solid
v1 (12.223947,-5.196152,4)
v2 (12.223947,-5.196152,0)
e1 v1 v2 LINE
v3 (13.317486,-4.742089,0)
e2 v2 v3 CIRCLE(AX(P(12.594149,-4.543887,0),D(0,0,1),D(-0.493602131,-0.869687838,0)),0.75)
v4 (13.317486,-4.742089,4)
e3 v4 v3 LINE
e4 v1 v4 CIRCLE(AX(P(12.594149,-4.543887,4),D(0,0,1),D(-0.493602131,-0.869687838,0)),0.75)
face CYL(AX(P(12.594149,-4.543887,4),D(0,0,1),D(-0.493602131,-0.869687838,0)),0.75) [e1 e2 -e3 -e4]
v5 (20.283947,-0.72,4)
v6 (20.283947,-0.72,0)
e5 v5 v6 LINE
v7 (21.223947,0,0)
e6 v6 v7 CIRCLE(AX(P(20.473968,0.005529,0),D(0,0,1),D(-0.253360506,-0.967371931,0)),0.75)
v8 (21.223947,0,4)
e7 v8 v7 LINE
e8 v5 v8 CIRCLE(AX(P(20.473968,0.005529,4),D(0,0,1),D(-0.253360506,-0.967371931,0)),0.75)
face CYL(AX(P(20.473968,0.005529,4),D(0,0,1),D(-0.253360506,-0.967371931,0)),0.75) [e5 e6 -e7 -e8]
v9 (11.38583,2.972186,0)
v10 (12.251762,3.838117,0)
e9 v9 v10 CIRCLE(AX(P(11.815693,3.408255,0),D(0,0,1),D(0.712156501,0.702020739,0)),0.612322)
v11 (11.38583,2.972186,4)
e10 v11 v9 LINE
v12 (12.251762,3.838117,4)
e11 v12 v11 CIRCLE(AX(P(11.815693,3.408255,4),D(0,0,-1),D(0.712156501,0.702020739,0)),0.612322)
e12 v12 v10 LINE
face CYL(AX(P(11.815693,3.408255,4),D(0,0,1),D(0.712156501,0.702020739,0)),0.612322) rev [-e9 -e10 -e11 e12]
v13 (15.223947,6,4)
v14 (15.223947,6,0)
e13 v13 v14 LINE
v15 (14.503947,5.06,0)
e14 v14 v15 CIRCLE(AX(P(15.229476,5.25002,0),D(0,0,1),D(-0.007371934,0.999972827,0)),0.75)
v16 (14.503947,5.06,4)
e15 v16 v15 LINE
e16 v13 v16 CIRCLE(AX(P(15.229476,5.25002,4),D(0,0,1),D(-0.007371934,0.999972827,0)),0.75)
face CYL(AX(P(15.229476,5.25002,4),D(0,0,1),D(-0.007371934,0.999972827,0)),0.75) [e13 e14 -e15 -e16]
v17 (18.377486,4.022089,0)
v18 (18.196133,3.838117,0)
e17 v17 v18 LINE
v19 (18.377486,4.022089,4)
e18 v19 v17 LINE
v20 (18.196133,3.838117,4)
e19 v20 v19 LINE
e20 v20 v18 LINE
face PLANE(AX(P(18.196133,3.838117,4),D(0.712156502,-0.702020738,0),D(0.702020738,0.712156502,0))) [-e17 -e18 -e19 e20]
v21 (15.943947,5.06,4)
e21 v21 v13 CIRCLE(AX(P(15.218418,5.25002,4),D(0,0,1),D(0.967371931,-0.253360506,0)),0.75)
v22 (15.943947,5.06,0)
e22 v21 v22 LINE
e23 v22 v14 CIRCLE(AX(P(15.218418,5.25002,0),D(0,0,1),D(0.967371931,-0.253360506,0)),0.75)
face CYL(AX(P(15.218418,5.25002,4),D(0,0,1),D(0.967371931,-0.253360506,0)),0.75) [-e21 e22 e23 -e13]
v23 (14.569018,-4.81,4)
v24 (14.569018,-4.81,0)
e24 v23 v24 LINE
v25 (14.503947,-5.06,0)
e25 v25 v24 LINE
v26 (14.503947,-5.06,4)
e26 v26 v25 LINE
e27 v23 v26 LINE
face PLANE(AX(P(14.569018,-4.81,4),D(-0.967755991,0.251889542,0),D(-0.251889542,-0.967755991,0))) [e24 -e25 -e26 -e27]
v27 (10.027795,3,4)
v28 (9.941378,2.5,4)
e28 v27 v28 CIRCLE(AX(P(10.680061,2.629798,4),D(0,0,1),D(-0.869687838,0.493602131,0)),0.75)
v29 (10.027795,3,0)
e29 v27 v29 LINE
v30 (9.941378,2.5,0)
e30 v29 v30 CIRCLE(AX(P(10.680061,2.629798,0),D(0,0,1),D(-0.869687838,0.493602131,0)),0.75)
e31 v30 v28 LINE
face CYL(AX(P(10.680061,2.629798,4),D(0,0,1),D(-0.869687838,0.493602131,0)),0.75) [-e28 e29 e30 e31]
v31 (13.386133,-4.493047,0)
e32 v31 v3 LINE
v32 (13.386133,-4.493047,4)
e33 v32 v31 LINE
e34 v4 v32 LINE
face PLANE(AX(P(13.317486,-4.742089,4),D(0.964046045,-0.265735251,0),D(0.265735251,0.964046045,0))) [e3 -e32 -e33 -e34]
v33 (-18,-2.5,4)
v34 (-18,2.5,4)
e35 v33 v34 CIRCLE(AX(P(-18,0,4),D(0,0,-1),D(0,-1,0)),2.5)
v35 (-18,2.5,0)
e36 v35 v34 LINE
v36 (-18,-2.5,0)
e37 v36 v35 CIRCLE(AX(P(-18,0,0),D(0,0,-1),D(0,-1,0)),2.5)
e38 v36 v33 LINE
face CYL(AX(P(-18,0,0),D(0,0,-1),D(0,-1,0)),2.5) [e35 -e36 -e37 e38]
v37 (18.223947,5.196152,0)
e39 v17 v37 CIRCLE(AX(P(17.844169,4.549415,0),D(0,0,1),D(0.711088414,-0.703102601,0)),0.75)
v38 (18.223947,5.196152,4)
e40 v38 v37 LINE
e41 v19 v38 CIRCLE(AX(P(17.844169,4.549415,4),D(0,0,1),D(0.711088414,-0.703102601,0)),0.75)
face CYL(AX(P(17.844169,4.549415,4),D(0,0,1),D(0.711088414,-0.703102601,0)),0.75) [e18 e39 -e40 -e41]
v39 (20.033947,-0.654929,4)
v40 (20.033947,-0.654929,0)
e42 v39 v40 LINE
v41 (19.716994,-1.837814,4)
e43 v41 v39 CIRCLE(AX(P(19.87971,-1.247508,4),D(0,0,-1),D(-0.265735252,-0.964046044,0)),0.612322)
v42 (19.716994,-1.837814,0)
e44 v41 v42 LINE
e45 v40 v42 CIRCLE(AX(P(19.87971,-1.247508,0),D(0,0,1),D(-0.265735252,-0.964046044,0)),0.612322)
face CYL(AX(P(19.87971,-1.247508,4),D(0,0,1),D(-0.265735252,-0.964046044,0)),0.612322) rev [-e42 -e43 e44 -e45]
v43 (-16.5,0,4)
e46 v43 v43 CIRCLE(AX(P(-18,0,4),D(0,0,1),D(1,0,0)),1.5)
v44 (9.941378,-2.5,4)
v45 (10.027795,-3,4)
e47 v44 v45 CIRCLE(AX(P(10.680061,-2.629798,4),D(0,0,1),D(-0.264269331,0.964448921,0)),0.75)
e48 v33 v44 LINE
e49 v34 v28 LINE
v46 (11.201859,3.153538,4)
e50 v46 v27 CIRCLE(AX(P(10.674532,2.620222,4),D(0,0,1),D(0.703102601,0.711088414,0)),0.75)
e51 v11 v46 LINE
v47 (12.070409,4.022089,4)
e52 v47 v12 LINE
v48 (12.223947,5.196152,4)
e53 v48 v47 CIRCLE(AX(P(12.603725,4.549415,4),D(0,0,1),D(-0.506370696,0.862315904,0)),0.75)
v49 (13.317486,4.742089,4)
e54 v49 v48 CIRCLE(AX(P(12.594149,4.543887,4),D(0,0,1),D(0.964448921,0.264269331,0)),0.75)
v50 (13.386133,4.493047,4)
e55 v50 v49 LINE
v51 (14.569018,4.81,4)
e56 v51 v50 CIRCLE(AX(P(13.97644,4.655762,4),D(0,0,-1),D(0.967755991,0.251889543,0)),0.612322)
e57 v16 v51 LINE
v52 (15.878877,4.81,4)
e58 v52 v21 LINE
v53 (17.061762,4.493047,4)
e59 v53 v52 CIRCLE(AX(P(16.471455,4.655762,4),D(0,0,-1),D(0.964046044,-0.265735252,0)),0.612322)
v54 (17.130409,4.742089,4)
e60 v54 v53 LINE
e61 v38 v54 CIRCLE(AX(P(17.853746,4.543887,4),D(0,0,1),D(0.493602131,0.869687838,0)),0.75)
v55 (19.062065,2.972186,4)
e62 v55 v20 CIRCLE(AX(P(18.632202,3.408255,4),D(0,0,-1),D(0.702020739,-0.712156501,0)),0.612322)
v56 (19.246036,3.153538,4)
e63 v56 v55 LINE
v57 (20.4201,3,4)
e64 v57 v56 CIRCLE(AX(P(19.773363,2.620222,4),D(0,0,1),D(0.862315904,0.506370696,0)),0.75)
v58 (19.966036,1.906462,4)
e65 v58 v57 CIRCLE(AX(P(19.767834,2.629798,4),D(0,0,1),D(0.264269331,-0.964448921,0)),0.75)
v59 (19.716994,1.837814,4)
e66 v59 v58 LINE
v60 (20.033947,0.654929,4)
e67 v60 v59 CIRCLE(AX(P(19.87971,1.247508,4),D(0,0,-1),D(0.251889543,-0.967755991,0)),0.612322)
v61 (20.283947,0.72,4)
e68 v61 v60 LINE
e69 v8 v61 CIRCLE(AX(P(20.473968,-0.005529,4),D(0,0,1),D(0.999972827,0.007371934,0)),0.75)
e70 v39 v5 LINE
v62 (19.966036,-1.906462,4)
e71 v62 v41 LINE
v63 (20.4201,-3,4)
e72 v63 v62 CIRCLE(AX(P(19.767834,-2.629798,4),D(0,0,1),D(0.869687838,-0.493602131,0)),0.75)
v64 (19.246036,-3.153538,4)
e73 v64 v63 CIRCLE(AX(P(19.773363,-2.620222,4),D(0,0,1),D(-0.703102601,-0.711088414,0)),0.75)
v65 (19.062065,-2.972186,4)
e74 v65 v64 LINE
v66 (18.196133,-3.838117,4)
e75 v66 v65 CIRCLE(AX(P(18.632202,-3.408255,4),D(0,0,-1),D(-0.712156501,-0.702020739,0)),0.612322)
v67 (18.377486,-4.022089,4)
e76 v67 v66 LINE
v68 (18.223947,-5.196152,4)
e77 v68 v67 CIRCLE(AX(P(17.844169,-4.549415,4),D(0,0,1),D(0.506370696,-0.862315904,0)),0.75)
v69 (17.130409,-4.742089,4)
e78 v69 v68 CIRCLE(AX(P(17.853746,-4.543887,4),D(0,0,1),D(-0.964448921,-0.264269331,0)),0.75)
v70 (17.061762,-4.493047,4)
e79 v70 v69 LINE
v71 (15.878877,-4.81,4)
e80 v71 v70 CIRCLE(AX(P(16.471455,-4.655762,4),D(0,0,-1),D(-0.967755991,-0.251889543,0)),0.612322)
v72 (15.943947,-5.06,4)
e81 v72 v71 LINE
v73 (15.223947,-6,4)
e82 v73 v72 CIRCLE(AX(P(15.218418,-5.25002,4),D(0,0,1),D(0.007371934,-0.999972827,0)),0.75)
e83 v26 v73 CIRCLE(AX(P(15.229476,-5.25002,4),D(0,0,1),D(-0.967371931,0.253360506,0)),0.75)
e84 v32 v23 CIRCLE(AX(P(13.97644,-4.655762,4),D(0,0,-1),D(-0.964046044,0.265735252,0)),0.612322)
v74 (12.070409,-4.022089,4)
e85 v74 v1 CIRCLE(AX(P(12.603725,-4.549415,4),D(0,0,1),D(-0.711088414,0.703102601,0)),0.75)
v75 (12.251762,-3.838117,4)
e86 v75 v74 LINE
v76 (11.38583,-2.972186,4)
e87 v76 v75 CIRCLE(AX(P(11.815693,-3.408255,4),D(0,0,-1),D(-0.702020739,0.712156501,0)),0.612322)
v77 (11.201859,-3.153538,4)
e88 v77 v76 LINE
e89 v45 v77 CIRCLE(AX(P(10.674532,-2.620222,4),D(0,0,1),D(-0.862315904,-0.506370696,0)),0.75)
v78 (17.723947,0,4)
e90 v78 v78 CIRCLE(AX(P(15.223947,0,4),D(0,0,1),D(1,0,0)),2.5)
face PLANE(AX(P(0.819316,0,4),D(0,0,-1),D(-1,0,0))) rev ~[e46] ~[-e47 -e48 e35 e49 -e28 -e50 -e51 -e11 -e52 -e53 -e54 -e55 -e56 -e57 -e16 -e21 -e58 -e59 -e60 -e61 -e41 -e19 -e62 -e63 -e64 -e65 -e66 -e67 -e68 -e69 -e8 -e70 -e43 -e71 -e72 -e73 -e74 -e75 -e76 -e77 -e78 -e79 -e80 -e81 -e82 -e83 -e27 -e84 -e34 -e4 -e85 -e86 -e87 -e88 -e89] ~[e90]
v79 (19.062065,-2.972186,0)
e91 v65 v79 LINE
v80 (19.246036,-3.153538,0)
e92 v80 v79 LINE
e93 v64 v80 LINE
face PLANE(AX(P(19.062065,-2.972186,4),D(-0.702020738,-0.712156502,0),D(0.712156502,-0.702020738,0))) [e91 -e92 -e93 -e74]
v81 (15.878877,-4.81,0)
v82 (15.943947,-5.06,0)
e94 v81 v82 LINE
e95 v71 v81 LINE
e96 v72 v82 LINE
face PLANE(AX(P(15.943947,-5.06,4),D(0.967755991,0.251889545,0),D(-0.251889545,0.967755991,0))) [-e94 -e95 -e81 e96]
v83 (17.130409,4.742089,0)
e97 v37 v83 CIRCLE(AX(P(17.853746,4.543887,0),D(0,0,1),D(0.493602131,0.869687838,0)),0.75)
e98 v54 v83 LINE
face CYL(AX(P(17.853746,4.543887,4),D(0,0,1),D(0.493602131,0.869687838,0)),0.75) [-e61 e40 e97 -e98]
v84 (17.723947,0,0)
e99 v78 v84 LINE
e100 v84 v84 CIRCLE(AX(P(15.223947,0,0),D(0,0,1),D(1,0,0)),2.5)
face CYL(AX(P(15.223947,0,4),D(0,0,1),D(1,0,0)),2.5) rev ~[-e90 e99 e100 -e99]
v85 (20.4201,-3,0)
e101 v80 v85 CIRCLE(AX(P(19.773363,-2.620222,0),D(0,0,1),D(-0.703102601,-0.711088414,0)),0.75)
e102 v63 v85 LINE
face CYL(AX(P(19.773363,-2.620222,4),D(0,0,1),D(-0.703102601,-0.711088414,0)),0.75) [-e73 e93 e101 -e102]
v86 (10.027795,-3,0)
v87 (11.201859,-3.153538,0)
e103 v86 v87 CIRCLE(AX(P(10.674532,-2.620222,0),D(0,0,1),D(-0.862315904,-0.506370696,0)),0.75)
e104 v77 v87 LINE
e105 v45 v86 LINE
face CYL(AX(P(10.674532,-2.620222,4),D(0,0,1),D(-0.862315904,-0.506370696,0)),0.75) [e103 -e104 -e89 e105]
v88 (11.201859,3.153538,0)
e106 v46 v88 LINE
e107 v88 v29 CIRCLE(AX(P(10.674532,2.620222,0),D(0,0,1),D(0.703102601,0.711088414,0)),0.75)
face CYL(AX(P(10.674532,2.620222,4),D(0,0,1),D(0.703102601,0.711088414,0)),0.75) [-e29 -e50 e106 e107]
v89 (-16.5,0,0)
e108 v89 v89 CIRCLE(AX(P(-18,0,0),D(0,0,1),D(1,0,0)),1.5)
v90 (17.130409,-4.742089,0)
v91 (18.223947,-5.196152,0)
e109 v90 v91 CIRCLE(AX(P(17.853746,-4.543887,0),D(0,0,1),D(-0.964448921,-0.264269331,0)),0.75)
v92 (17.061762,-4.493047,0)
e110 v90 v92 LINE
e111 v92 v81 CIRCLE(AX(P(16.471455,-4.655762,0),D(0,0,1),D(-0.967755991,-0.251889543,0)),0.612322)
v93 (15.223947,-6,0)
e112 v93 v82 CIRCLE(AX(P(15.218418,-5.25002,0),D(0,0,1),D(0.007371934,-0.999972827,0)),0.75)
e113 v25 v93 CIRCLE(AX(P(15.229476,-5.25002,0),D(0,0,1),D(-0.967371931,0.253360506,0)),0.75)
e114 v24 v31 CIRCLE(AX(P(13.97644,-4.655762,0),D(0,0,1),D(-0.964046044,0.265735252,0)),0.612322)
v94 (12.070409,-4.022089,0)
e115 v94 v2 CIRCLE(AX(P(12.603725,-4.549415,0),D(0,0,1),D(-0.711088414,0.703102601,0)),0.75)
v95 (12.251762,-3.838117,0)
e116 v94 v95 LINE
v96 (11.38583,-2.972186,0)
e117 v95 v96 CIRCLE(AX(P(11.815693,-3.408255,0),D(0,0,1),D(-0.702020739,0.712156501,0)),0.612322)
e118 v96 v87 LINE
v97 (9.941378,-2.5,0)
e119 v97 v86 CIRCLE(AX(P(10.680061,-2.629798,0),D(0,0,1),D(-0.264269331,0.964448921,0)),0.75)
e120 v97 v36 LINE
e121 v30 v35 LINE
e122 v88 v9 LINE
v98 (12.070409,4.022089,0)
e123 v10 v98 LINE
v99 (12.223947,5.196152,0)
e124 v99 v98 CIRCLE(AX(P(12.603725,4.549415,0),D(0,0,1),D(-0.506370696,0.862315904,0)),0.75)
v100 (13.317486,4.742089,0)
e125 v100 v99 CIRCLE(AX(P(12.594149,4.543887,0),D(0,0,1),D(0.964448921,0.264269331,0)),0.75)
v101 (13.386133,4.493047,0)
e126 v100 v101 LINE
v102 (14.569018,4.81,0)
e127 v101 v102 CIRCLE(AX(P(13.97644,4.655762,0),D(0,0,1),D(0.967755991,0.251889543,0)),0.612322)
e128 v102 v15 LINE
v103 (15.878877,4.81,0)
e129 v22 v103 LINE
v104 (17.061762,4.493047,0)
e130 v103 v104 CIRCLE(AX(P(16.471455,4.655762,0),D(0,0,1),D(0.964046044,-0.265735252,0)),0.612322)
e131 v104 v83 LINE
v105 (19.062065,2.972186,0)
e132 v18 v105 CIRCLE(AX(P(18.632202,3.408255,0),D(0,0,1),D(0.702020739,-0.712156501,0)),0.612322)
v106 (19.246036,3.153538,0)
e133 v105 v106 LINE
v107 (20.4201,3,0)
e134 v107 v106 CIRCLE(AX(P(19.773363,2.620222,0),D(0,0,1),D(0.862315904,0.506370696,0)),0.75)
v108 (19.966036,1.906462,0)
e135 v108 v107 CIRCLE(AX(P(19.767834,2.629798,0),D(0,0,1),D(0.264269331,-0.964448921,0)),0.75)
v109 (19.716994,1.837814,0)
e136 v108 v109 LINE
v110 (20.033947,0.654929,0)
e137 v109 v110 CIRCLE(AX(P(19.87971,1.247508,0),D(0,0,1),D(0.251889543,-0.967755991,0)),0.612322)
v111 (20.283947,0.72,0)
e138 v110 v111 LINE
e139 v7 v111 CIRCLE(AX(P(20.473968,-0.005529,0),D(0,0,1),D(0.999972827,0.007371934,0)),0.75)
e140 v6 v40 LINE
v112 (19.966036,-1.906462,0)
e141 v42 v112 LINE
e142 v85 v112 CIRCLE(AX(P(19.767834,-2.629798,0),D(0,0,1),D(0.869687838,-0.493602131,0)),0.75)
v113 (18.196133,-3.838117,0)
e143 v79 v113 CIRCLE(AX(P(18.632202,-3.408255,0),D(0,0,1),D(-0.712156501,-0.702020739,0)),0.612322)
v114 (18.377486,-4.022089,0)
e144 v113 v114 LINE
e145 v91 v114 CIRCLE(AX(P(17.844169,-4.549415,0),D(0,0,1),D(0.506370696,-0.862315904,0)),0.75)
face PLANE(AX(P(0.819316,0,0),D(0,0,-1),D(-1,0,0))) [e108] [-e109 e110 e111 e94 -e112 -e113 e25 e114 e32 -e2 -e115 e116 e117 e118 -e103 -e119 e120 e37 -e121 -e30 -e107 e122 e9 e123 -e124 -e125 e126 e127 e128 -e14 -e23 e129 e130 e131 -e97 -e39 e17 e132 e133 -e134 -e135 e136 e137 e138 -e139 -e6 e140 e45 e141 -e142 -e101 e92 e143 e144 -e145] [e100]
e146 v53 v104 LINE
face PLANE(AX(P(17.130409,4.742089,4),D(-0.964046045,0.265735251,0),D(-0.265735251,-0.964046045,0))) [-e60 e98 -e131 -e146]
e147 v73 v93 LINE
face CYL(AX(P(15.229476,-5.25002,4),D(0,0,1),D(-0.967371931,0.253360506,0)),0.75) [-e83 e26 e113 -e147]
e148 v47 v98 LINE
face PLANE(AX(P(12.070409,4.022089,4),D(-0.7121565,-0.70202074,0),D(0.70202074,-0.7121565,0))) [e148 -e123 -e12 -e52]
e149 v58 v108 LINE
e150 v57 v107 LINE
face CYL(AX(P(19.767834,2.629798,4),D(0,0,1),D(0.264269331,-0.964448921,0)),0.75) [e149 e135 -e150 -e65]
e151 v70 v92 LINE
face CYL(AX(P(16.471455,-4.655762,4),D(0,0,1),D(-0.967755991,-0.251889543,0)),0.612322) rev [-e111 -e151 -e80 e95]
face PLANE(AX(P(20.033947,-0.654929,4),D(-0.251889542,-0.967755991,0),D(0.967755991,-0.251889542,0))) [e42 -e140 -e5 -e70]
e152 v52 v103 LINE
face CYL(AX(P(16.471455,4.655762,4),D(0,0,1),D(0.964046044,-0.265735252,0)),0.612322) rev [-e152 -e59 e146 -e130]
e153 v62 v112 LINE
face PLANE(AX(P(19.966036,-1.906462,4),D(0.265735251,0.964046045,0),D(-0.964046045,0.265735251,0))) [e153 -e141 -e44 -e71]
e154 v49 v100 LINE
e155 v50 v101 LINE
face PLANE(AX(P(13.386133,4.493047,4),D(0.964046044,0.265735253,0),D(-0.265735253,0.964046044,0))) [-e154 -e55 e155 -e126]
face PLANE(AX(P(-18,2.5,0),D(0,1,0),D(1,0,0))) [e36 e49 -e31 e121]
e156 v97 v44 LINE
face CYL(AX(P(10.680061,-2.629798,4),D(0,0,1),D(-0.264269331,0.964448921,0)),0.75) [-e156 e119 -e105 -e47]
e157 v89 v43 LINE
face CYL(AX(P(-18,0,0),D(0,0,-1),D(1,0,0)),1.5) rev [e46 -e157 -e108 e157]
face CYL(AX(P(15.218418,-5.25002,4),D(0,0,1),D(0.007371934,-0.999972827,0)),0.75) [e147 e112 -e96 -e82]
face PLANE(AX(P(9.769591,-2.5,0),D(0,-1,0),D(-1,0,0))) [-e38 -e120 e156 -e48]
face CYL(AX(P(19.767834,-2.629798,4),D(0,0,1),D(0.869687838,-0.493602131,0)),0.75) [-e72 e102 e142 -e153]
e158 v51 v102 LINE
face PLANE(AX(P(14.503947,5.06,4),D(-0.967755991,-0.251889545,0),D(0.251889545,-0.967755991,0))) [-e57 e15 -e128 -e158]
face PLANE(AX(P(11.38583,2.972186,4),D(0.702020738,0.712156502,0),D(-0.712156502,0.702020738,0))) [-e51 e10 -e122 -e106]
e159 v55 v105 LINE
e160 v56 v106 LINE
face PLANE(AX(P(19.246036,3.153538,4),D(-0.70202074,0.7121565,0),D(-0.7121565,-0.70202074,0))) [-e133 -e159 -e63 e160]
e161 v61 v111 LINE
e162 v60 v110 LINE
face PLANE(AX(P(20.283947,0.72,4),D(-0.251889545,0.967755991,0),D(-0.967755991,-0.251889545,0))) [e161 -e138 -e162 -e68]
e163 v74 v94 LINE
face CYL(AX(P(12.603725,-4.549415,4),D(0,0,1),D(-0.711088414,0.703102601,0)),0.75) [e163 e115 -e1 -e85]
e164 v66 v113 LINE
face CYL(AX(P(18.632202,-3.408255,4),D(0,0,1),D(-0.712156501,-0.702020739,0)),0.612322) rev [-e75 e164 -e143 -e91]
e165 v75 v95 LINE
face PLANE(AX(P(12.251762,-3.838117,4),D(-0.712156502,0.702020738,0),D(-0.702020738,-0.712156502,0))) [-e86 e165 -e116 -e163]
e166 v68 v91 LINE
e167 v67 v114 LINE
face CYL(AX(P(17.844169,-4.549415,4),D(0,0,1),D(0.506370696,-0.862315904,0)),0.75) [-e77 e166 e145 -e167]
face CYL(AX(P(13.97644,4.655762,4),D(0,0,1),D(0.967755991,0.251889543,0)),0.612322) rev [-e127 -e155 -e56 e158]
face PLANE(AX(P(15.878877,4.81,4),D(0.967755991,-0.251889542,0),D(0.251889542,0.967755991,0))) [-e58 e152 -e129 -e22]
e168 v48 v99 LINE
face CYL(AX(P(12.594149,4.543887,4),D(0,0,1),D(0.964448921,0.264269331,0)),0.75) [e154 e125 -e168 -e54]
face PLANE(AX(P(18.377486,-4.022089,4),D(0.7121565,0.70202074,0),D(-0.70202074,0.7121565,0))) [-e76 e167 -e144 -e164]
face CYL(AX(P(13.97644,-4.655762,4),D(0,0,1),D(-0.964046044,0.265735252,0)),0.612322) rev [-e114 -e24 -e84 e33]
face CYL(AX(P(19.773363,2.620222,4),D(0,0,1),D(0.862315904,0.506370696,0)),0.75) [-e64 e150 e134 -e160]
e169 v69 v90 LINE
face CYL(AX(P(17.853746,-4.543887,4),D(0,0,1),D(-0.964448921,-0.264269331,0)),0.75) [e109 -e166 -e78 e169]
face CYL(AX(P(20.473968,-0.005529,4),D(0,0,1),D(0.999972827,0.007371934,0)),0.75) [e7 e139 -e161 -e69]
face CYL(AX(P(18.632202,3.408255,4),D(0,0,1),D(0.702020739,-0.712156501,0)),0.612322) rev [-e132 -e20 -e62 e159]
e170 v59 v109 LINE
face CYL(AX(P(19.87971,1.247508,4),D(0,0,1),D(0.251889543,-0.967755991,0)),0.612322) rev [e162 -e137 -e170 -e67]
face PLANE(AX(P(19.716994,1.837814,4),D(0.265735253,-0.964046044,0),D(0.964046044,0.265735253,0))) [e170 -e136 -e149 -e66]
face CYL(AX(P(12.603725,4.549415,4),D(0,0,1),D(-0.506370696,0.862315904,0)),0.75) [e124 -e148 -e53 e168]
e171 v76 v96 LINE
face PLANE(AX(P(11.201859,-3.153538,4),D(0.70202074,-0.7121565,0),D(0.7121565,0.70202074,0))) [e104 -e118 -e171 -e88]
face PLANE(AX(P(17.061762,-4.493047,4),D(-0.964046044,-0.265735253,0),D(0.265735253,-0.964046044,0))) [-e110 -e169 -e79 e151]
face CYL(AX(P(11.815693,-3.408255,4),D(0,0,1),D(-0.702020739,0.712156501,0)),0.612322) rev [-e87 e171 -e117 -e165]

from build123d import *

# Parameters (mm, degrees)
SKETCH1_R           = 1.5
BOSS_EXTRUDE1_DEPTH = 4
CUT_EXTRUDE1_DEPTH  = 23.415528994
CIRPATTERN1_COUNT   = 12
SKETCH3_W           = 11.336678395
SKETCH3_H           = 5
BOSS_EXTRUDE2_DEPTH = 4
SKETCH4_R           = 2.5
CUT_EXTRUDE2_DEPTH  = 23.415528994


with BuildPart() as part:
    # Sketch1 → Boss-Extrude1 (new body)
    with BuildSketch(Plane.XY):
        with BuildLine():
            Line((-18, 2.5), (9.769591268, 2.5))
            ThreePointArc((9.769591268, 2.5), (21.223947325, 0), (9.769591268, -2.5))
            Line((9.769591268, -2.5), (-18, -2.5))
            ThreePointArc((-18, -2.5), (-20.5, 0), (-18, 2.5))
        make_face()
        with Locations((-18, 0)):
            Circle(SKETCH1_R, mode=Mode.SUBTRACT)
    extrude(amount=BOSS_EXTRUDE1_DEPTH)

    # Sketch2 → Cut-Extrude1 (cut, through all)
    with BuildSketch(Plane.XY.offset(4)):
        with BuildLine():
            Line((15.878876805, 4.81), (15.943947325, 5.06))
            ThreePointArc((15.943947325, 5.06), (15.813826986, 5.706078038), (15.223947325, 6))
            ThreePointArc((15.223947325, 6), (16.816567466, 5.943739283), (18.223947325, 5.196152423))
            ThreePointArc((18.223947325, 5.196152423), (17.566135573, 5.236548367), (17.130409034, 4.742088543))
            Line((17.130409034, 4.742088543), (17.061761758, 4.493046932))
            ThreePointArc((17.061761758, 4.493046932), (16.312974518, 4.064304815), (15.878876805, 4.81))
        make_face()
    cut_extrude1 = extrude(amount=-CUT_EXTRUDE1_DEPTH, mode=Mode.SUBTRACT)

    # CirPattern1: Cut-Extrude1 ×12 about axis
    cirpattern1_axis = Axis((15.223947325, 0, 0), (0, 0, 1))
    for i in range(1, CIRPATTERN1_COUNT):
        add(cut_extrude1.rotate(cirpattern1_axis, i * 360 / CIRPATTERN1_COUNT), mode=Mode.SUBTRACT)

    # Sketch3 → Boss-Extrude2 (add)
    with BuildSketch(Plane.XY.offset(4)):
        with Locations((11.656973093, 0)):
            Rectangle(SKETCH3_W, SKETCH3_H)
    extrude(amount=-BOSS_EXTRUDE2_DEPTH)

    # Sketch4 → Cut-Extrude2 (cut, through all)
    with BuildSketch(Plane.XY.offset(4)):
        with Locations((15.223947325, 0)):
            Circle(SKETCH4_R)
    extrude(amount=-CUT_EXTRUDE2_DEPTH, mode=Mode.SUBTRACT)


solid = part.part
